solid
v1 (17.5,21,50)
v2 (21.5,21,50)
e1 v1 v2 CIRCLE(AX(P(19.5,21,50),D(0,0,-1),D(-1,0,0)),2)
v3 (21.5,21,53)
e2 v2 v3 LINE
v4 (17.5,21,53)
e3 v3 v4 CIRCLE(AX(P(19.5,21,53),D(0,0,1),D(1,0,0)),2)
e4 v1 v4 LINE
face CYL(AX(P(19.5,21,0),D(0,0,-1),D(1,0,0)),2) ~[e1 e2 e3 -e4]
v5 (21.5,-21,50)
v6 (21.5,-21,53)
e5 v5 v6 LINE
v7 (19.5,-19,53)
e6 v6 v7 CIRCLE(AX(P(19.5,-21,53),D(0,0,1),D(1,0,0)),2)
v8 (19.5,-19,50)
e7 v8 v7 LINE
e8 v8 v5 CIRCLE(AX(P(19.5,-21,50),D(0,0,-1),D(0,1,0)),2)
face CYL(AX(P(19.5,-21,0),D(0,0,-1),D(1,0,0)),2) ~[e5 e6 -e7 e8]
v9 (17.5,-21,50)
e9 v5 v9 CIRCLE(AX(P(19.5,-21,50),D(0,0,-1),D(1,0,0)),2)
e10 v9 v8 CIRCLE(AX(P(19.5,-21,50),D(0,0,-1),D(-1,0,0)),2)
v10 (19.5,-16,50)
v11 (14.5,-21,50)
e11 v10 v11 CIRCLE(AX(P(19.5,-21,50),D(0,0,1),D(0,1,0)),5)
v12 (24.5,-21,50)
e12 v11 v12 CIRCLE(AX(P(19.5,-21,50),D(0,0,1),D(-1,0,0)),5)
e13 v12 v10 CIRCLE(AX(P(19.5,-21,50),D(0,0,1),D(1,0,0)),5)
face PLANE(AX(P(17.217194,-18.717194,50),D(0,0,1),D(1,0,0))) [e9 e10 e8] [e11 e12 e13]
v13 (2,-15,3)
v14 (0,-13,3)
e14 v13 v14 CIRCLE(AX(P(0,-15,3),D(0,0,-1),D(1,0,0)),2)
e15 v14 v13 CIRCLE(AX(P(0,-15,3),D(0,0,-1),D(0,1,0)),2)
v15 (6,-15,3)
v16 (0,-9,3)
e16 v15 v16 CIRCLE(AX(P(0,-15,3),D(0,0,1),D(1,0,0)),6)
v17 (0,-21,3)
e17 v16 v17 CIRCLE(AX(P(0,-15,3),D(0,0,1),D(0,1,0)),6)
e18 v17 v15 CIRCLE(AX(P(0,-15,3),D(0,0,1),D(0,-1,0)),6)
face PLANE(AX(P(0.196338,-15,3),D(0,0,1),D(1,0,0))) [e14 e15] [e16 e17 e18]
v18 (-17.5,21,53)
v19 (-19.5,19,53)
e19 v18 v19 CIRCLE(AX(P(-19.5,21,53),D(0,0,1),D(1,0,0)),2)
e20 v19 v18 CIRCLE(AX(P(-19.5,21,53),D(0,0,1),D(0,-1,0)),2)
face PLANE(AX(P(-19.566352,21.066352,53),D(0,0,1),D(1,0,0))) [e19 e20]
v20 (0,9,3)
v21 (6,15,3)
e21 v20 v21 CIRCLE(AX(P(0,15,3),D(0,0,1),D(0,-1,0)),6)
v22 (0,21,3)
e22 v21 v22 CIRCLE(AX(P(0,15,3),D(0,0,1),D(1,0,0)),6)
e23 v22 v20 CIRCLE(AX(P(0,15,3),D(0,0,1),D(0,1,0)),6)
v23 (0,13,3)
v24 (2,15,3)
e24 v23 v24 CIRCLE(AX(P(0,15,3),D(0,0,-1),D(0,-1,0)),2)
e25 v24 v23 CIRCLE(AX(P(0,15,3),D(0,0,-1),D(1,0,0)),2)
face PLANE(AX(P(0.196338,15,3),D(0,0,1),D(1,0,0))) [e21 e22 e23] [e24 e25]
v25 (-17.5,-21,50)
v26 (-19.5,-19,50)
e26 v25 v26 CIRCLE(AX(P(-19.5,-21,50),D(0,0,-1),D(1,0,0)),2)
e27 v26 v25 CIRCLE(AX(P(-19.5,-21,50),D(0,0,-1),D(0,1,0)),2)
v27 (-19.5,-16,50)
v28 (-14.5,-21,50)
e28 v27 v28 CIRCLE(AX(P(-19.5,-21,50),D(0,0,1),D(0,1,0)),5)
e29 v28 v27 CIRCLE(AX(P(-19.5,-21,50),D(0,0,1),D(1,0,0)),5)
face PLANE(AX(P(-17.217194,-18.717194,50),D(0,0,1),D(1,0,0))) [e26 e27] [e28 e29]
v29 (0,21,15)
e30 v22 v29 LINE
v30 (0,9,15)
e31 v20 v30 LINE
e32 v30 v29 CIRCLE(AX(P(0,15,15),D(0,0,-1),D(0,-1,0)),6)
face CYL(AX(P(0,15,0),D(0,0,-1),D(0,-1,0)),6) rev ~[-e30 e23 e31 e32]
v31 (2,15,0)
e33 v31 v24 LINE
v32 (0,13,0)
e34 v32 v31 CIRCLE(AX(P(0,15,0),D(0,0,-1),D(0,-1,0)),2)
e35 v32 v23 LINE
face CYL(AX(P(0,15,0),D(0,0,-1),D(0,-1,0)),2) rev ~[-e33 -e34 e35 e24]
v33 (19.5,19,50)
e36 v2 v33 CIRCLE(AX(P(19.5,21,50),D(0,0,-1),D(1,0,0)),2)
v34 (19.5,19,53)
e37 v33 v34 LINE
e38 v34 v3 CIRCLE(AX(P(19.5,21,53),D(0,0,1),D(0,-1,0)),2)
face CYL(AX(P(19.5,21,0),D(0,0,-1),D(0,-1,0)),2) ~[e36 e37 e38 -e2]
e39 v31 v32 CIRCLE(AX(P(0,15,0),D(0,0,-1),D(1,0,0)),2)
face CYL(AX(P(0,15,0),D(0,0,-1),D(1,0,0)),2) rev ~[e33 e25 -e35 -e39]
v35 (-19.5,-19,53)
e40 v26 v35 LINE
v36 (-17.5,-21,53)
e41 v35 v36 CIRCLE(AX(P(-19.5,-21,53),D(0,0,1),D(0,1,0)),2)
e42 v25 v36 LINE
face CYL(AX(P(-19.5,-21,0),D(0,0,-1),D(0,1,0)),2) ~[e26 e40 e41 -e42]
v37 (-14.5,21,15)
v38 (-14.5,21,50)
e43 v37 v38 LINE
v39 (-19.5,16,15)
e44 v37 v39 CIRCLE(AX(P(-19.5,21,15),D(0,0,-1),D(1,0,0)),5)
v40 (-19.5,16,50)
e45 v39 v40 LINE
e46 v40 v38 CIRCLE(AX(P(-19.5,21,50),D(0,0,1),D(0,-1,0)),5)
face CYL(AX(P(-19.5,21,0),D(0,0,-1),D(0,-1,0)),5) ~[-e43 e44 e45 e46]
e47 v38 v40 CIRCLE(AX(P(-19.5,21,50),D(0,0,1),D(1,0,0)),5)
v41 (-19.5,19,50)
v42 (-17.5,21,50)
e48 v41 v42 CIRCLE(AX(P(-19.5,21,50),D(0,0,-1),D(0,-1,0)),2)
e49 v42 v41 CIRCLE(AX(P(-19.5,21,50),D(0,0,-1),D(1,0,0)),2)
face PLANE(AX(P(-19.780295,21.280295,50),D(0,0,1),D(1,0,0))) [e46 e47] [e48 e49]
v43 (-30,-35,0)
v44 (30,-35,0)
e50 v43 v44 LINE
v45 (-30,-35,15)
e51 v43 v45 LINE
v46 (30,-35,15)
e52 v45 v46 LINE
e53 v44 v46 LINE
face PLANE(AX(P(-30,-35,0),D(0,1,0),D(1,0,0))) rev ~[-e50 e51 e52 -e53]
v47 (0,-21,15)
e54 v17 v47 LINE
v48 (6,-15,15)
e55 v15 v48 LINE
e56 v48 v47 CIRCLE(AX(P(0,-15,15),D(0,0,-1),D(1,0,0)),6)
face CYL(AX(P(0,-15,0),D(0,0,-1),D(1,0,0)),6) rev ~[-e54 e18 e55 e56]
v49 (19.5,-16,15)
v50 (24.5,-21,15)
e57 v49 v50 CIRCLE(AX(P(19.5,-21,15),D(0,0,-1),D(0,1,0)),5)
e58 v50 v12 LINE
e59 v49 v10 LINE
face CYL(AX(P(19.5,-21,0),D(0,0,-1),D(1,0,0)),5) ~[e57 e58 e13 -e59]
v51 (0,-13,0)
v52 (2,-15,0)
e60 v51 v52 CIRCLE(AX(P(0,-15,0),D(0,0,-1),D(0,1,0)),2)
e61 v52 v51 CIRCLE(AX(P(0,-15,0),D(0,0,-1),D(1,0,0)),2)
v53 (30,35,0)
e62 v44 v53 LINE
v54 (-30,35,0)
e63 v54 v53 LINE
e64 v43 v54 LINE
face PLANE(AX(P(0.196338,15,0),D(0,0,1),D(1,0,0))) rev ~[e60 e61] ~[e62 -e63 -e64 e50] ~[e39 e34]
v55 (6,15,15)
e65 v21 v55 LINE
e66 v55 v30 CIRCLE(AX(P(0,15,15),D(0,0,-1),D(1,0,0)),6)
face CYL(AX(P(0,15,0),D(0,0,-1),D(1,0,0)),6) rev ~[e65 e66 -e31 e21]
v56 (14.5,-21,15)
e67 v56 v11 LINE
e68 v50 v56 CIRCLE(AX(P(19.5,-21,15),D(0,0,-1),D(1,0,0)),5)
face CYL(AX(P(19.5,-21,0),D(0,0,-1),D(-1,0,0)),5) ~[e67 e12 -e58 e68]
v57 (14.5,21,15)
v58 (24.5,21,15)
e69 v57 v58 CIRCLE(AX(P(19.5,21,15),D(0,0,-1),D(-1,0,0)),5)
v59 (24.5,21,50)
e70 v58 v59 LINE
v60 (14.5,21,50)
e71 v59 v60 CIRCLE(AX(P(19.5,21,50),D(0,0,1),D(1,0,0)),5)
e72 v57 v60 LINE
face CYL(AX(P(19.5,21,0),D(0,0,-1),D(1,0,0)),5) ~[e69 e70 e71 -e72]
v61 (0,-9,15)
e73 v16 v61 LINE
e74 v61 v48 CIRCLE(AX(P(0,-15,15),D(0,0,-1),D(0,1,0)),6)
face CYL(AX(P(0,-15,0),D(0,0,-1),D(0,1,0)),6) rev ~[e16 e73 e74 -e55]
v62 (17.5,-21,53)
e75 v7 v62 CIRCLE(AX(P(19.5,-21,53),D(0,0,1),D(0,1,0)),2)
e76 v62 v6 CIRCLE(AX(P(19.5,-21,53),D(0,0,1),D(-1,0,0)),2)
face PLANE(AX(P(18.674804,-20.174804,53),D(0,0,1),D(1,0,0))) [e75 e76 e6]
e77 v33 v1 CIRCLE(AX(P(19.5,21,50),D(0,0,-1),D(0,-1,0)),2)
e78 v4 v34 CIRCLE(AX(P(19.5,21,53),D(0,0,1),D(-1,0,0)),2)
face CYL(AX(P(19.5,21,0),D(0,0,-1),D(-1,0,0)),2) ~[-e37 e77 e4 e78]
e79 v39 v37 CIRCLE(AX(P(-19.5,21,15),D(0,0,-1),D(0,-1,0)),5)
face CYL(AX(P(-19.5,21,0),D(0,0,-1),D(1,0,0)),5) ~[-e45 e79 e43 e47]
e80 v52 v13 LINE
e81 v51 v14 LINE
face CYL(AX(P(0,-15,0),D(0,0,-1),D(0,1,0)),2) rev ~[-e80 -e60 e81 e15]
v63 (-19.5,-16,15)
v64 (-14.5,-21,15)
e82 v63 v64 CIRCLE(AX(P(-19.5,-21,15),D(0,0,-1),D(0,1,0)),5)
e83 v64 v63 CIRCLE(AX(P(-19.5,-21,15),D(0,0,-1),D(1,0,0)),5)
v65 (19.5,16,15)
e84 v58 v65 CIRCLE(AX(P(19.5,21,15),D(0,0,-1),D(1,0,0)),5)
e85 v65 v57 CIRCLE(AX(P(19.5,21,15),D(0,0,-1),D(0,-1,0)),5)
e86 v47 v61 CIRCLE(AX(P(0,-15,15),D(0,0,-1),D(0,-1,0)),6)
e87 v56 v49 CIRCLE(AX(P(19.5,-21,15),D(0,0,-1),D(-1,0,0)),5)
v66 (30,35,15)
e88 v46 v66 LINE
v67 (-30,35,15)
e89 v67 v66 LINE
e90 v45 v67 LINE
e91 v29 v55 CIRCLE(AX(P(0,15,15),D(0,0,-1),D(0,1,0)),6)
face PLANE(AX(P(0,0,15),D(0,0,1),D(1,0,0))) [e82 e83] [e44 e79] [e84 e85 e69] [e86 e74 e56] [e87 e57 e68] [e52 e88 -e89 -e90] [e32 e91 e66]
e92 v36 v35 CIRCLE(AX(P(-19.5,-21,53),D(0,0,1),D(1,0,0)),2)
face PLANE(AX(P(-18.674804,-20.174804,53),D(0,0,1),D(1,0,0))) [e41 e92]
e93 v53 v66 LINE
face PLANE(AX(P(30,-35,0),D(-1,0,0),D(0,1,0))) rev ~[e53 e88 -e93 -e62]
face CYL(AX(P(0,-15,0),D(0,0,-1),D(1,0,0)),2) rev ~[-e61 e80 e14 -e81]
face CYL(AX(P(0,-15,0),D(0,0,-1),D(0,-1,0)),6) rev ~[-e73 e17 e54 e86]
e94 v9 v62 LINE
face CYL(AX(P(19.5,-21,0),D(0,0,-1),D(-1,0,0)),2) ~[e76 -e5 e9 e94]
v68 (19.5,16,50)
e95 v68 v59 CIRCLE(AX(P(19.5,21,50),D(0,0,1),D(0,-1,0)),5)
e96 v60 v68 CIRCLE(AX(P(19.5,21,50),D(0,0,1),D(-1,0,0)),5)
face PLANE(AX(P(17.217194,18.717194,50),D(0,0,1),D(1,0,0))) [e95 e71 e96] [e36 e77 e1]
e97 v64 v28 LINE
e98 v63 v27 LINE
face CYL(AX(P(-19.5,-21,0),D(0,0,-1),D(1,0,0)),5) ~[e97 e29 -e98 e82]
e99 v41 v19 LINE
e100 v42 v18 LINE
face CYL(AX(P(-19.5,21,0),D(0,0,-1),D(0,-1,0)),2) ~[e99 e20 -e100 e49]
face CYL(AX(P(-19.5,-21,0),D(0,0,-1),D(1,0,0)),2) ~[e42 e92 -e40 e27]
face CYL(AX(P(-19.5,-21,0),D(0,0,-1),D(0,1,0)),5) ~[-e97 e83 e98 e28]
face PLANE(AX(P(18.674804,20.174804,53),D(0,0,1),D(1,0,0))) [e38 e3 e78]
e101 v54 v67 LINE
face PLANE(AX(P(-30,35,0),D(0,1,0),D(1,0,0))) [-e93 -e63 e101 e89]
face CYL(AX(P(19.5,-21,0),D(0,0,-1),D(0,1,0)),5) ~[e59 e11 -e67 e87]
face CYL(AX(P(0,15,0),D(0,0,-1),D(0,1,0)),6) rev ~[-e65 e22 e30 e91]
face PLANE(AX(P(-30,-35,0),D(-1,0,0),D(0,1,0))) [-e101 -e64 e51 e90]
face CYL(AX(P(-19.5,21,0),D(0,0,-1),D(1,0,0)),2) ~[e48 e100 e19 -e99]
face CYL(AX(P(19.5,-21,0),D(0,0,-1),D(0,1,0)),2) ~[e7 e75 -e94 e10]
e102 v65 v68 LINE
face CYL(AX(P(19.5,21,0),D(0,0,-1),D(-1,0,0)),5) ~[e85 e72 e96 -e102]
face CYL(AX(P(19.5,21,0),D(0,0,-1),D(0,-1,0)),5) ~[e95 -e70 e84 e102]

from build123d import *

# Parameters (mm, degrees)
F0_W     = 60
F0_H     = 70
F1_DEPTH = 15
F2_DEPTH = 50
F3_DEPTH = 53
F4_DEPTH = 3


with BuildPart() as f1:
    # F0 (on Top) → F1 (new body)
    with BuildSketch(Plane.XY):
        Rectangle(F0_W, F0_H)
        with BuildLine():
            Line((0, 21), (14.5, 21))
            ThreePointArc((14.5, 21), (19.5, 26), (24.5, 21))
            ThreePointArc((24.5, 21), (23.0355339059, 17.4644660941), (19.5, 16))
            Line((19.5, 16), (19.5, 0))
            Line((19.5, 0), (19.5, -16))
            ThreePointArc((19.5, -16), (23.0355339059, -17.4644660941), (24.5, -21))
            ThreePointArc((24.5, -21), (19.5, -26), (14.5, -21))
            Line((14.5, -21), (0, -21))
            Line((0, -21), (-14.5, -21))
            ThreePointArc((-14.5, -21), (-23.0355339059, -24.5355339059), (-19.5, -16))
            Line((-19.5, -16), (-19.5, 16))
            ThreePointArc((-19.5, 16), (-23.0355339059, 24.5355339059), (-14.5, 21))
            Line((-14.5, 21), (0, 21))
        make_face(mode=Mode.SUBTRACT)
        with BuildLine():
            ThreePointArc((19.5, 16), (15.9644660941, 17.4644660941), (14.5, 21))
            Line((14.5, 21), (0, 21))
            ThreePointArc((0, 21), (4.2426406871, 19.2426406871), (6, 15))
            ThreePointArc((6, 15), (4.2426406871, 10.7573593129), (0, 9))
            Line((0, 9), (0, 0))
            Line((0, 0), (19.5, 0))
            Line((19.5, 0), (19.5, 16))
        make_face()
        with BuildLine():
            ThreePointArc((0, 9), (-6, 15), (0, 21))
            Line((0, 21), (-14.5, 21))
            ThreePointArc((-14.5, 21), (-15.9644660941, 17.4644660941), (-19.5, 16))
            Line((-19.5, 16), (-19.5, -16))
            ThreePointArc((-19.5, -16), (-15.9644660941, -17.4644660941), (-14.5, -21))
            Line((-14.5, -21), (0, -21))
            ThreePointArc((0, -21), (-6, -15), (0, -9))
            Line((0, -9), (0, 0))
            Line((0, 0), (0, 9))
        make_face()
        with BuildLine():
            Line((19.5, -16), (19.5, 0))
            Line((19.5, 0), (0, 0))
            Line((0, 0), (0, -9))
            ThreePointArc((0, -9), (4.2426406871, -10.7573593129), (6, -15))
            ThreePointArc((6, -15), (4.2426406871, -19.2426406871), (0, -21))
            Line((0, -21), (14.5, -21))
            ThreePointArc((14.5, -21), (15.9644660941, -17.4644660941), (19.5, -16))
        make_face()
    extrude(amount=F1_DEPTH)

    # F0 (on Top) → F2 (join)
    with BuildSketch(Plane.XY):
        with BuildLine():
            ThreePointArc((19.5, 19), (18.0857864376, 19.5857864376), (17.5, 21))
            Line((17.5, 21), (14.5, 21))
            ThreePointArc((14.5, 21), (15.9644660941, 17.4644660941), (19.5, 16))
            Line((19.5, 16), (19.5, 19))
        make_face()
        with BuildLine():
            ThreePointArc((17.5, 21), (19.5, 23), (21.5, 21))
            ThreePointArc((21.5, 21), (20.9142135624, 19.5857864376), (19.5, 19))
            Line((19.5, 19), (19.5, 16))
            ThreePointArc((19.5, 16), (23.0355339059, 17.4644660941), (24.5, 21))
            ThreePointArc((24.5, 21), (19.5, 26), (14.5, 21))
            Line((14.5, 21), (17.5, 21))
        make_face()
        with BuildLine():
            Line((-17.5, 21), (-14.5, 21))
            ThreePointArc((-14.5, 21), (-23.0355339059, 24.5355339059), (-19.5, 16))
            Line((-19.5, 16), (-19.5, 19))
            ThreePointArc((-19.5, 19), (-20.9142135624, 22.4142135624), (-17.5, 21))
        make_face()
        with BuildLine():
            ThreePointArc((-19.5, 16), (-15.9644660941, 17.4644660941), (-14.5, 21))
            Line((-14.5, 21), (-17.5, 21))
            ThreePointArc((-17.5, 21), (-18.0857864376, 19.5857864376), (-19.5, 19))
            Line((-19.5, 19), (-19.5, 16))
        make_face()
        with BuildLine():
            ThreePointArc((-14.5, -21), (-15.9644660941, -17.4644660941), (-19.5, -16))
            Line((-19.5, -16), (-19.5, -19))
            ThreePointArc((-19.5, -19), (-18.0857864376, -19.5857864376), (-17.5, -21))
            Line((-17.5, -21), (-14.5, -21))
        make_face()
        with BuildLine():
            Line((-19.5, -19), (-19.5, -16))
            ThreePointArc((-19.5, -16), (-23.0355339059, -24.5355339059), (-14.5, -21))
            Line((-14.5, -21), (-17.5, -21))
            ThreePointArc((-17.5, -21), (-20.9142135624, -22.4142135624), (-19.5, -19))
        make_face()
        with BuildLine():
            Line((19.5, -19), (19.5, -16))
            ThreePointArc((19.5, -16), (15.9644660941, -17.4644660941), (14.5, -21))
            Line((14.5, -21), (17.5, -21))
            ThreePointArc((17.5, -21), (18.0857864376, -19.5857864376), (19.5, -19))
        make_face()
        with BuildLine():
            ThreePointArc((24.5, -21), (23.0355339059, -17.4644660941), (19.5, -16))
            Line((19.5, -16), (19.5, -19))
            ThreePointArc((19.5, -19), (20.9142135624, -19.5857864376), (21.5, -21))
            ThreePointArc((21.5, -21), (19.5, -23), (17.5, -21))
            Line((17.5, -21), (14.5, -21))
            ThreePointArc((14.5, -21), (19.5, -26), (24.5, -21))
        make_face()
    extrude(amount=F2_DEPTH)

    # F0 (on Top) → F3 (join)
    with BuildSketch(Plane.XY):
        with BuildLine():
            ThreePointArc((-17.5, -21), (-18.0857864376, -19.5857864376), (-19.5, -19))
            Line((-19.5, -19), (-19.5, -21))
            Line((-19.5, -21), (-17.5, -21))
        make_face()
        with BuildLine():
            Line((-19.5, -21), (-19.5, -19))
            ThreePointArc((-19.5, -19), (-20.9142135624, -22.4142135624), (-17.5, -21))
            Line((-17.5, -21), (-19.5, -21))
        make_face()
        with BuildLine():
            Line((-19.5, 21), (-17.5, 21))
            ThreePointArc((-17.5, 21), (-20.9142135624, 22.4142135624), (-19.5, 19))
            Line((-19.5, 19), (-19.5, 21))
        make_face()
        with BuildLine():
            ThreePointArc((-19.5, 19), (-18.0857864376, 19.5857864376), (-17.5, 21))
            Line((-17.5, 21), (-19.5, 21))
            Line((-19.5, 21), (-19.5, 19))
        make_face()
        with BuildLine():
            Line((19.5, -21), (19.5, -19))
            ThreePointArc((19.5, -19), (18.0857864376, -19.5857864376), (17.5, -21))
            Line((17.5, -21), (19.5, -21))
        make_face()
        with BuildLine():
            ThreePointArc((21.5, -21), (20.9142135624, -19.5857864376), (19.5, -19))
            Line((19.5, -19), (19.5, -21))
            Line((19.5, -21), (17.5, -21))
            ThreePointArc((17.5, -21), (19.5, -23), (21.5, -21))
        make_face()
        with BuildLine():
            Line((19.5, 21), (17.5, 21))
            ThreePointArc((17.5, 21), (18.0857864376, 19.5857864376), (19.5, 19))
            Line((19.5, 19), (19.5, 21))
        make_face()
        with BuildLine():
            ThreePointArc((19.5, 19), (20.9142135624, 19.5857864376), (21.5, 21))
            ThreePointArc((21.5, 21), (19.5, 23), (17.5, 21))
            Line((17.5, 21), (19.5, 21))
            Line((19.5, 21), (19.5, 19))
        make_face()
    extrude(amount=F3_DEPTH)

    # F0 (on Top) → F4 (join)
    with BuildSketch(Plane.XY):
        with BuildLine():
            ThreePointArc((6, 15), (4.2426406871, 19.2426406871), (0, 21))
            ThreePointArc((0, 21), (-6, 15), (0, 9))
            ThreePointArc((0, 9), (4.2426406871, 10.7573593129), (6, 15))
        make_face()
        with BuildLine():
            ThreePointArc((2, 15), (1.4142135624, 13.5857864376), (0, 13))
            ThreePointArc((0, 13), (-1.4142135624, 16.4142135624), (2, 15))
        make_face(mode=Mode.SUBTRACT)
        with BuildLine():
            ThreePointArc((6, -15), (4.2426406871, -10.7573593129), (0, -9))
            ThreePointArc((0, -9), (-6, -15), (0, -21))
            ThreePointArc((0, -21), (4.2426406871, -19.2426406871), (6, -15))
        make_face()
        with BuildLine():
            ThreePointArc((2, -15), (-1.4142135624, -16.4142135624), (0, -13))
            ThreePointArc((0, -13), (1.4142135624, -13.5857864376), (2, -15))
        make_face(mode=Mode.SUBTRACT)
    extrude(amount=F4_DEPTH)


solid = f1.part
